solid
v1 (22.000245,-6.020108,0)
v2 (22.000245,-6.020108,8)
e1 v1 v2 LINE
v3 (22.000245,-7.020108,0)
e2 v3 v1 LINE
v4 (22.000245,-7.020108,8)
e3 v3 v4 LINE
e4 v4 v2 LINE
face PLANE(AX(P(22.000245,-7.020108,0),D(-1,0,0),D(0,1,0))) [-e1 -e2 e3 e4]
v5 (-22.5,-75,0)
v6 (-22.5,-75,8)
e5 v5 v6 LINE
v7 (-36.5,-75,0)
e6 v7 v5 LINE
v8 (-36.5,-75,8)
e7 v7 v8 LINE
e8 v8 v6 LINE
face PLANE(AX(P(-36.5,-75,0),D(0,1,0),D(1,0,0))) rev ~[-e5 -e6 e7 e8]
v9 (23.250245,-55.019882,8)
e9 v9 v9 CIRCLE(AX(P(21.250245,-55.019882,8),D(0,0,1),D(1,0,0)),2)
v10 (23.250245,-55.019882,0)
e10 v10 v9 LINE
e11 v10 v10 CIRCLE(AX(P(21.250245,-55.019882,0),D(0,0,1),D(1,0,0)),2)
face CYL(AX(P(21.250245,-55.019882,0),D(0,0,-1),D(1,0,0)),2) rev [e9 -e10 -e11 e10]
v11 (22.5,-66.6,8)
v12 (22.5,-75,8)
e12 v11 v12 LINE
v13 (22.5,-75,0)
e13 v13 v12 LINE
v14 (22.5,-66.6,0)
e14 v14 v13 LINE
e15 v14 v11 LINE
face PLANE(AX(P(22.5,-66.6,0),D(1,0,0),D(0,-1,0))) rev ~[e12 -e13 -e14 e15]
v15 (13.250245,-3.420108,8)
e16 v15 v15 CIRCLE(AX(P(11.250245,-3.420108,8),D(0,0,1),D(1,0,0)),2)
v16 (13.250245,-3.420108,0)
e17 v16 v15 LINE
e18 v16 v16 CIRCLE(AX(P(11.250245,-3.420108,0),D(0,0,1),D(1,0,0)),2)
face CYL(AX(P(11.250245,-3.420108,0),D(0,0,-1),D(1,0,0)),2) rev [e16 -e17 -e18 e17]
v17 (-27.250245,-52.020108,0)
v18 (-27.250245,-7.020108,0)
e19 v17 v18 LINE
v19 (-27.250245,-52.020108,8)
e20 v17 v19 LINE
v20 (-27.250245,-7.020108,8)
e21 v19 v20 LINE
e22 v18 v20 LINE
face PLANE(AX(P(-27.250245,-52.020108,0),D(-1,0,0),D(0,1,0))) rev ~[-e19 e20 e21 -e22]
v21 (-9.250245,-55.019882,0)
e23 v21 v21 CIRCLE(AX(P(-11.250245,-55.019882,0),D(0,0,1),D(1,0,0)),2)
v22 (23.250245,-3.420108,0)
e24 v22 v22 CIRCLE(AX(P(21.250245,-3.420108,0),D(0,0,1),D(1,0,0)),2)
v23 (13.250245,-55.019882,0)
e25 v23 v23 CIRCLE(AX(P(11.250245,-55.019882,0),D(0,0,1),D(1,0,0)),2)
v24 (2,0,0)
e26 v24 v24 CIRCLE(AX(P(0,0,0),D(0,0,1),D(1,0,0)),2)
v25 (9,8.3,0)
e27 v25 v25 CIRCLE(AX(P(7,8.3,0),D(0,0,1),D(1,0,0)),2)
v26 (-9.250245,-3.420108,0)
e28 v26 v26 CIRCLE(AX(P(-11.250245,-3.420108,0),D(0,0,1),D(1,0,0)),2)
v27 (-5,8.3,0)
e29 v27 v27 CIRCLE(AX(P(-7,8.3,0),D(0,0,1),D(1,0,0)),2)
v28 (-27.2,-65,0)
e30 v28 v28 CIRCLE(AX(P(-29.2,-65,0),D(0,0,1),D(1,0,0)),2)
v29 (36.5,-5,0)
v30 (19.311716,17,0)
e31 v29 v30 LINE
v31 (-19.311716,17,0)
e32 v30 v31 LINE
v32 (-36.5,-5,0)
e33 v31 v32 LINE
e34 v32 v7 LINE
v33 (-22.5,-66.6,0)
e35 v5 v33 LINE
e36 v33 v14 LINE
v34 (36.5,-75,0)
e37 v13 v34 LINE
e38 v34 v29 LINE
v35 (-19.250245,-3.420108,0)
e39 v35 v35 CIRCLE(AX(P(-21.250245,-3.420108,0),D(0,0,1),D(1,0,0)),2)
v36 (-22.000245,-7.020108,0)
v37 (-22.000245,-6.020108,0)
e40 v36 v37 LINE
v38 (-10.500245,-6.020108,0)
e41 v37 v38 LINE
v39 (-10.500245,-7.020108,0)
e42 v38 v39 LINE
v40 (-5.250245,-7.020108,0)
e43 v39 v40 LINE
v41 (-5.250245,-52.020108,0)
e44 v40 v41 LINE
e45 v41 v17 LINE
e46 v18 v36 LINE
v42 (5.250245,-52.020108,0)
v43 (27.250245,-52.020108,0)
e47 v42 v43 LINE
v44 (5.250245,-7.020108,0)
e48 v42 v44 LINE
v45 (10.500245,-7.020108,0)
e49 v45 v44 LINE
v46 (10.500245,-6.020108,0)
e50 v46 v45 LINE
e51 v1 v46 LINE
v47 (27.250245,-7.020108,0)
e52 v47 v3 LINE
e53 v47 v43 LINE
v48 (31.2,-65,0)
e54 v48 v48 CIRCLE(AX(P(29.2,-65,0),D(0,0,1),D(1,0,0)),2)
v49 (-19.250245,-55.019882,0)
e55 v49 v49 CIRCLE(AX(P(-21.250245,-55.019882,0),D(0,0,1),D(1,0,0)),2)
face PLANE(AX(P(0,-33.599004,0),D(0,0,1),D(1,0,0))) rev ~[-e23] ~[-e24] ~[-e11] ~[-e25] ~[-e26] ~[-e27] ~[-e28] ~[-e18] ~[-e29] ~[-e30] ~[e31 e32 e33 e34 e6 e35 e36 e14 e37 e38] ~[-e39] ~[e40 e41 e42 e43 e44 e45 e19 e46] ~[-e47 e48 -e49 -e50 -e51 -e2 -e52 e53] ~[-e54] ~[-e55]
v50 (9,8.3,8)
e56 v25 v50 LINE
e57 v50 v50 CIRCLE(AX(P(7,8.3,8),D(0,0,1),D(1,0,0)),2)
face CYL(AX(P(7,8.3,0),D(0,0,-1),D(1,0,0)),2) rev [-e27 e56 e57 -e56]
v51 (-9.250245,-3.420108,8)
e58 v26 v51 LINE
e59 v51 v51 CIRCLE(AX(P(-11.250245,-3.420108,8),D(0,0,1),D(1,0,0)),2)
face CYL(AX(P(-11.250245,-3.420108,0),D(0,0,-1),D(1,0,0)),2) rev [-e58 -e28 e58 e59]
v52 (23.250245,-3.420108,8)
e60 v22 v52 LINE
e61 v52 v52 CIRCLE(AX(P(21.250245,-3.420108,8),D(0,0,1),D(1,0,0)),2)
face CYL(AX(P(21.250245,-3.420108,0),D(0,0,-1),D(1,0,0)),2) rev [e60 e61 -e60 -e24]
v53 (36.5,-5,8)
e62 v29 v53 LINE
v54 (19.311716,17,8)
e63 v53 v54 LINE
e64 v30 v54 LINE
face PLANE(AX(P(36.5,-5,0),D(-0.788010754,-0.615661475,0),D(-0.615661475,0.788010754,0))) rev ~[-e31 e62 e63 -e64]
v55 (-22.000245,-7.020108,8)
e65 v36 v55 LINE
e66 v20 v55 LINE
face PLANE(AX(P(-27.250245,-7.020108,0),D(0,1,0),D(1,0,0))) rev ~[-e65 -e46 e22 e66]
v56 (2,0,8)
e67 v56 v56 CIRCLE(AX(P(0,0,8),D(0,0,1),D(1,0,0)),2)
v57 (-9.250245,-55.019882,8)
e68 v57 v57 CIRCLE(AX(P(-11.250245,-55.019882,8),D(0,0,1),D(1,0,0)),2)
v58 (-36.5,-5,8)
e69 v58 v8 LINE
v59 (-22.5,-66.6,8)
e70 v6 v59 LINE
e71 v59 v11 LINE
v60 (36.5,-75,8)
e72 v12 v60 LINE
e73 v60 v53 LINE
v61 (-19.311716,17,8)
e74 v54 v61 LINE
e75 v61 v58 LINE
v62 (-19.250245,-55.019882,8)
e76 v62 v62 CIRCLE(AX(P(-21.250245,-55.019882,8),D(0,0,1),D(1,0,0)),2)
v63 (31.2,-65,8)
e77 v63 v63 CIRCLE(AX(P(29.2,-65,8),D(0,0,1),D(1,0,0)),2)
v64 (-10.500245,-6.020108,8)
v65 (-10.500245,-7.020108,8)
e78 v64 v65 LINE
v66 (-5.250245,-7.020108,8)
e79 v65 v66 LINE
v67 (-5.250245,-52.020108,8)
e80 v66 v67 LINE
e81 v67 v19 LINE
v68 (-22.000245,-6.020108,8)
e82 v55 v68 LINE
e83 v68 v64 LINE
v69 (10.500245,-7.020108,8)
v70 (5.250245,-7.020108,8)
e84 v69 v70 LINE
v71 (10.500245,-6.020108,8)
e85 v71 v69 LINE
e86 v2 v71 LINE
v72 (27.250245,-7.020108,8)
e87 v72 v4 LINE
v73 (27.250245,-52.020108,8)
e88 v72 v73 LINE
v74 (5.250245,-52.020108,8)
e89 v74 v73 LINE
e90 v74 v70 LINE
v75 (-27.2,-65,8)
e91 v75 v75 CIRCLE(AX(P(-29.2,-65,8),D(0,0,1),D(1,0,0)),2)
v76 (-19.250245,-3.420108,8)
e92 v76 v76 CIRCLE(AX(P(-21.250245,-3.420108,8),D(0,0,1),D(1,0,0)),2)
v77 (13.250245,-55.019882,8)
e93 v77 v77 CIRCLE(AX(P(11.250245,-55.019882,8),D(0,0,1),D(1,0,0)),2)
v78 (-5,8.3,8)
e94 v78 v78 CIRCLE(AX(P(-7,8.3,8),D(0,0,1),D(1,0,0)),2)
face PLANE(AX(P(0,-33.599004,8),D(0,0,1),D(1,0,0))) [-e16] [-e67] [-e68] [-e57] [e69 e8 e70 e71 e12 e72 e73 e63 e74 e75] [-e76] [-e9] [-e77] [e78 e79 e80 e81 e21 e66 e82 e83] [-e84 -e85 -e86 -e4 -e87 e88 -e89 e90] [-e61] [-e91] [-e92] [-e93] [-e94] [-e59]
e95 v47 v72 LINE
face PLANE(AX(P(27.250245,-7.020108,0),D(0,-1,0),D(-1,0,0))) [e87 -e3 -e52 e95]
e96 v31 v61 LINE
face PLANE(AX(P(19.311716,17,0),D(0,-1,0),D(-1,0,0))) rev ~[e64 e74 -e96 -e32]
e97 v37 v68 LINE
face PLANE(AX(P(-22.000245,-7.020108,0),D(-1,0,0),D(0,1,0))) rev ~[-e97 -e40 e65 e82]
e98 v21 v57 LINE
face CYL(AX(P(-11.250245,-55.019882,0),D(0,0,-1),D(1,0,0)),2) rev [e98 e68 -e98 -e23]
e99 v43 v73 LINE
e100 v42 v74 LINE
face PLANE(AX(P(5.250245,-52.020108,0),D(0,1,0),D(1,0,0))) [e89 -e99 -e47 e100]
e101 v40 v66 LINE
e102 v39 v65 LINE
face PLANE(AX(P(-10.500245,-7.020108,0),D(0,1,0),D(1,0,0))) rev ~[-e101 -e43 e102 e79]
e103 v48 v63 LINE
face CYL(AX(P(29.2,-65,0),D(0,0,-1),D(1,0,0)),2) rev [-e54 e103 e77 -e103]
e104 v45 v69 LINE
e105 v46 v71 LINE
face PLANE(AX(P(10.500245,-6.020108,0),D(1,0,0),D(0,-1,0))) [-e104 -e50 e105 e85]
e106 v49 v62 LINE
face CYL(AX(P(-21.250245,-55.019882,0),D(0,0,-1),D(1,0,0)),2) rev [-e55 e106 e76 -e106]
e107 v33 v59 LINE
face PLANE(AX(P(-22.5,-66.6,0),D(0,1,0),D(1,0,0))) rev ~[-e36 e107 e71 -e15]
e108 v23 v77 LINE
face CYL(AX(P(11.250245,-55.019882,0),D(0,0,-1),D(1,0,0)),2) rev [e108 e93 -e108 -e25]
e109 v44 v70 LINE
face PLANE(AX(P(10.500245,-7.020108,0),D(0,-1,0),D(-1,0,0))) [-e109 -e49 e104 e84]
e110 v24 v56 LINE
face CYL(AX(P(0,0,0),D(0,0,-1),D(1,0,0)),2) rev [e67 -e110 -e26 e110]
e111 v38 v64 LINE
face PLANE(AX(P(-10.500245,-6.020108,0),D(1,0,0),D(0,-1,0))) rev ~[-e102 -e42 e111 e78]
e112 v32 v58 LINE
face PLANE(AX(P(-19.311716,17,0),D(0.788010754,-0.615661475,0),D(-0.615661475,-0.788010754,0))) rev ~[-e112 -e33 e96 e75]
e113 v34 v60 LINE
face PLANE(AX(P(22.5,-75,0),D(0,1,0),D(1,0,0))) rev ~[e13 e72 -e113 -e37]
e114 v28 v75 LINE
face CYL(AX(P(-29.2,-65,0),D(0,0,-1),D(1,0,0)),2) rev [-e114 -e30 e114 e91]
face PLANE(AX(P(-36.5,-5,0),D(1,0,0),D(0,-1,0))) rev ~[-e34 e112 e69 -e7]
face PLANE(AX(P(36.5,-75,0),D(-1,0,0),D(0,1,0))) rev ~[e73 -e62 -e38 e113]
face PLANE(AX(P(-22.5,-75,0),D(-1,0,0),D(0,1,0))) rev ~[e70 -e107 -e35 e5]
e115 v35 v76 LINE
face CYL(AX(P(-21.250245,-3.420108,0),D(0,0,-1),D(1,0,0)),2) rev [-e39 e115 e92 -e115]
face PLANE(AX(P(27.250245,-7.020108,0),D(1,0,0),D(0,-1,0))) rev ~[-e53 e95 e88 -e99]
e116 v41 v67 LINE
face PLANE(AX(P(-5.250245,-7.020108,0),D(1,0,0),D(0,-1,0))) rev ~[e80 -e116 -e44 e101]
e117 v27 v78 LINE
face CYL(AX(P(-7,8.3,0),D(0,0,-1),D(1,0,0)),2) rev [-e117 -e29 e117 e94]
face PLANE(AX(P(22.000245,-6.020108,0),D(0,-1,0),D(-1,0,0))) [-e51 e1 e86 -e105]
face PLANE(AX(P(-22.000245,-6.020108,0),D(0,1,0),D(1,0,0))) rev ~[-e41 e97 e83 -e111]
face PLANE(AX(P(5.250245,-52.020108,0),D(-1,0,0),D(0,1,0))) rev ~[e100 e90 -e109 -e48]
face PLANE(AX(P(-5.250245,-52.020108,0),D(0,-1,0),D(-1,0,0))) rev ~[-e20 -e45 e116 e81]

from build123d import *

# Parameters (mm, degrees)
ESBO_O1_R                = 2
RESSALTO_EXTRUS_O1_DEPTH = 8


with BuildPart() as part:
    # Esboço1 → Ressalto-extrusão1 (new body)
    with BuildSketch(Plane.XY):
        Polygon((19.311716217, 17), (-19.311716217, 17), (-36.5, -5), (-36.5, -75), (-22.499999998, -75), (-22.499999998, -66.599999996), (22.499999998, -66.599999996), (22.499999998, -75), (36.5, -75), (36.5, -5), align=None)
        with Locations((-21.250245, -3.420107551)):
            Circle(ESBO_O1_R, mode=Mode.SUBTRACT)
        with Locations((-11.250245, -55.019882032)):
            Circle(ESBO_O1_R, mode=Mode.SUBTRACT)
        with Locations((11.250245, -3.420107551)):
            Circle(ESBO_O1_R, mode=Mode.SUBTRACT)
        with Locations((21.250245, -55.019882032)):
            Circle(ESBO_O1_R, mode=Mode.SUBTRACT)
        with Locations((-21.250245, -55.019882032)):
            Circle(ESBO_O1_R, mode=Mode.SUBTRACT)
        with Locations((-11.250245, -3.420107551)):
            Circle(ESBO_O1_R, mode=Mode.SUBTRACT)
        with Locations((11.250245, -55.019882032)):
            Circle(ESBO_O1_R, mode=Mode.SUBTRACT)
        with Locations((21.250245, -3.420107551)):
            Circle(ESBO_O1_R, mode=Mode.SUBTRACT)
        Circle(ESBO_O1_R, mode=Mode.SUBTRACT)
        with Locations((-7, 8.3)):
            Circle(ESBO_O1_R, mode=Mode.SUBTRACT)
        with Locations((7, 8.3)):
            Circle(ESBO_O1_R, mode=Mode.SUBTRACT)
        with Locations((-29.2, -65)):
            Circle(ESBO_O1_R, mode=Mode.SUBTRACT)
        with Locations((29.2, -65)):
            Circle(ESBO_O1_R, mode=Mode.SUBTRACT)
        Polygon((-27.250245, -29.520107551), (-27.250245, -7.020107551), (-22.000245, -7.020107551), (-22.000245, -6.020107551), (-10.500245, -6.020107551), (-10.500245, -7.020107551), (-5.250245, -7.020107551), (-5.250245, -29.520107551), (-5.250245, -52.020107551), (-27.250245, -52.020107551), align=None, mode=Mode.SUBTRACT)
        Polygon((10.500245, -7.020107551), (5.250245, -7.020107551), (5.250245, -29.520107551), (5.250245, -52.020107551), (27.250245, -52.020107551), (27.250245, -29.520107551), (27.250245, -7.020107551), (22.000245, -7.020107551), (22.000245, -6.020107551), (10.500245, -6.020107551), align=None, mode=Mode.SUBTRACT)
    extrude(amount=RESSALTO_EXTRUS_O1_DEPTH)


solid = part.part
